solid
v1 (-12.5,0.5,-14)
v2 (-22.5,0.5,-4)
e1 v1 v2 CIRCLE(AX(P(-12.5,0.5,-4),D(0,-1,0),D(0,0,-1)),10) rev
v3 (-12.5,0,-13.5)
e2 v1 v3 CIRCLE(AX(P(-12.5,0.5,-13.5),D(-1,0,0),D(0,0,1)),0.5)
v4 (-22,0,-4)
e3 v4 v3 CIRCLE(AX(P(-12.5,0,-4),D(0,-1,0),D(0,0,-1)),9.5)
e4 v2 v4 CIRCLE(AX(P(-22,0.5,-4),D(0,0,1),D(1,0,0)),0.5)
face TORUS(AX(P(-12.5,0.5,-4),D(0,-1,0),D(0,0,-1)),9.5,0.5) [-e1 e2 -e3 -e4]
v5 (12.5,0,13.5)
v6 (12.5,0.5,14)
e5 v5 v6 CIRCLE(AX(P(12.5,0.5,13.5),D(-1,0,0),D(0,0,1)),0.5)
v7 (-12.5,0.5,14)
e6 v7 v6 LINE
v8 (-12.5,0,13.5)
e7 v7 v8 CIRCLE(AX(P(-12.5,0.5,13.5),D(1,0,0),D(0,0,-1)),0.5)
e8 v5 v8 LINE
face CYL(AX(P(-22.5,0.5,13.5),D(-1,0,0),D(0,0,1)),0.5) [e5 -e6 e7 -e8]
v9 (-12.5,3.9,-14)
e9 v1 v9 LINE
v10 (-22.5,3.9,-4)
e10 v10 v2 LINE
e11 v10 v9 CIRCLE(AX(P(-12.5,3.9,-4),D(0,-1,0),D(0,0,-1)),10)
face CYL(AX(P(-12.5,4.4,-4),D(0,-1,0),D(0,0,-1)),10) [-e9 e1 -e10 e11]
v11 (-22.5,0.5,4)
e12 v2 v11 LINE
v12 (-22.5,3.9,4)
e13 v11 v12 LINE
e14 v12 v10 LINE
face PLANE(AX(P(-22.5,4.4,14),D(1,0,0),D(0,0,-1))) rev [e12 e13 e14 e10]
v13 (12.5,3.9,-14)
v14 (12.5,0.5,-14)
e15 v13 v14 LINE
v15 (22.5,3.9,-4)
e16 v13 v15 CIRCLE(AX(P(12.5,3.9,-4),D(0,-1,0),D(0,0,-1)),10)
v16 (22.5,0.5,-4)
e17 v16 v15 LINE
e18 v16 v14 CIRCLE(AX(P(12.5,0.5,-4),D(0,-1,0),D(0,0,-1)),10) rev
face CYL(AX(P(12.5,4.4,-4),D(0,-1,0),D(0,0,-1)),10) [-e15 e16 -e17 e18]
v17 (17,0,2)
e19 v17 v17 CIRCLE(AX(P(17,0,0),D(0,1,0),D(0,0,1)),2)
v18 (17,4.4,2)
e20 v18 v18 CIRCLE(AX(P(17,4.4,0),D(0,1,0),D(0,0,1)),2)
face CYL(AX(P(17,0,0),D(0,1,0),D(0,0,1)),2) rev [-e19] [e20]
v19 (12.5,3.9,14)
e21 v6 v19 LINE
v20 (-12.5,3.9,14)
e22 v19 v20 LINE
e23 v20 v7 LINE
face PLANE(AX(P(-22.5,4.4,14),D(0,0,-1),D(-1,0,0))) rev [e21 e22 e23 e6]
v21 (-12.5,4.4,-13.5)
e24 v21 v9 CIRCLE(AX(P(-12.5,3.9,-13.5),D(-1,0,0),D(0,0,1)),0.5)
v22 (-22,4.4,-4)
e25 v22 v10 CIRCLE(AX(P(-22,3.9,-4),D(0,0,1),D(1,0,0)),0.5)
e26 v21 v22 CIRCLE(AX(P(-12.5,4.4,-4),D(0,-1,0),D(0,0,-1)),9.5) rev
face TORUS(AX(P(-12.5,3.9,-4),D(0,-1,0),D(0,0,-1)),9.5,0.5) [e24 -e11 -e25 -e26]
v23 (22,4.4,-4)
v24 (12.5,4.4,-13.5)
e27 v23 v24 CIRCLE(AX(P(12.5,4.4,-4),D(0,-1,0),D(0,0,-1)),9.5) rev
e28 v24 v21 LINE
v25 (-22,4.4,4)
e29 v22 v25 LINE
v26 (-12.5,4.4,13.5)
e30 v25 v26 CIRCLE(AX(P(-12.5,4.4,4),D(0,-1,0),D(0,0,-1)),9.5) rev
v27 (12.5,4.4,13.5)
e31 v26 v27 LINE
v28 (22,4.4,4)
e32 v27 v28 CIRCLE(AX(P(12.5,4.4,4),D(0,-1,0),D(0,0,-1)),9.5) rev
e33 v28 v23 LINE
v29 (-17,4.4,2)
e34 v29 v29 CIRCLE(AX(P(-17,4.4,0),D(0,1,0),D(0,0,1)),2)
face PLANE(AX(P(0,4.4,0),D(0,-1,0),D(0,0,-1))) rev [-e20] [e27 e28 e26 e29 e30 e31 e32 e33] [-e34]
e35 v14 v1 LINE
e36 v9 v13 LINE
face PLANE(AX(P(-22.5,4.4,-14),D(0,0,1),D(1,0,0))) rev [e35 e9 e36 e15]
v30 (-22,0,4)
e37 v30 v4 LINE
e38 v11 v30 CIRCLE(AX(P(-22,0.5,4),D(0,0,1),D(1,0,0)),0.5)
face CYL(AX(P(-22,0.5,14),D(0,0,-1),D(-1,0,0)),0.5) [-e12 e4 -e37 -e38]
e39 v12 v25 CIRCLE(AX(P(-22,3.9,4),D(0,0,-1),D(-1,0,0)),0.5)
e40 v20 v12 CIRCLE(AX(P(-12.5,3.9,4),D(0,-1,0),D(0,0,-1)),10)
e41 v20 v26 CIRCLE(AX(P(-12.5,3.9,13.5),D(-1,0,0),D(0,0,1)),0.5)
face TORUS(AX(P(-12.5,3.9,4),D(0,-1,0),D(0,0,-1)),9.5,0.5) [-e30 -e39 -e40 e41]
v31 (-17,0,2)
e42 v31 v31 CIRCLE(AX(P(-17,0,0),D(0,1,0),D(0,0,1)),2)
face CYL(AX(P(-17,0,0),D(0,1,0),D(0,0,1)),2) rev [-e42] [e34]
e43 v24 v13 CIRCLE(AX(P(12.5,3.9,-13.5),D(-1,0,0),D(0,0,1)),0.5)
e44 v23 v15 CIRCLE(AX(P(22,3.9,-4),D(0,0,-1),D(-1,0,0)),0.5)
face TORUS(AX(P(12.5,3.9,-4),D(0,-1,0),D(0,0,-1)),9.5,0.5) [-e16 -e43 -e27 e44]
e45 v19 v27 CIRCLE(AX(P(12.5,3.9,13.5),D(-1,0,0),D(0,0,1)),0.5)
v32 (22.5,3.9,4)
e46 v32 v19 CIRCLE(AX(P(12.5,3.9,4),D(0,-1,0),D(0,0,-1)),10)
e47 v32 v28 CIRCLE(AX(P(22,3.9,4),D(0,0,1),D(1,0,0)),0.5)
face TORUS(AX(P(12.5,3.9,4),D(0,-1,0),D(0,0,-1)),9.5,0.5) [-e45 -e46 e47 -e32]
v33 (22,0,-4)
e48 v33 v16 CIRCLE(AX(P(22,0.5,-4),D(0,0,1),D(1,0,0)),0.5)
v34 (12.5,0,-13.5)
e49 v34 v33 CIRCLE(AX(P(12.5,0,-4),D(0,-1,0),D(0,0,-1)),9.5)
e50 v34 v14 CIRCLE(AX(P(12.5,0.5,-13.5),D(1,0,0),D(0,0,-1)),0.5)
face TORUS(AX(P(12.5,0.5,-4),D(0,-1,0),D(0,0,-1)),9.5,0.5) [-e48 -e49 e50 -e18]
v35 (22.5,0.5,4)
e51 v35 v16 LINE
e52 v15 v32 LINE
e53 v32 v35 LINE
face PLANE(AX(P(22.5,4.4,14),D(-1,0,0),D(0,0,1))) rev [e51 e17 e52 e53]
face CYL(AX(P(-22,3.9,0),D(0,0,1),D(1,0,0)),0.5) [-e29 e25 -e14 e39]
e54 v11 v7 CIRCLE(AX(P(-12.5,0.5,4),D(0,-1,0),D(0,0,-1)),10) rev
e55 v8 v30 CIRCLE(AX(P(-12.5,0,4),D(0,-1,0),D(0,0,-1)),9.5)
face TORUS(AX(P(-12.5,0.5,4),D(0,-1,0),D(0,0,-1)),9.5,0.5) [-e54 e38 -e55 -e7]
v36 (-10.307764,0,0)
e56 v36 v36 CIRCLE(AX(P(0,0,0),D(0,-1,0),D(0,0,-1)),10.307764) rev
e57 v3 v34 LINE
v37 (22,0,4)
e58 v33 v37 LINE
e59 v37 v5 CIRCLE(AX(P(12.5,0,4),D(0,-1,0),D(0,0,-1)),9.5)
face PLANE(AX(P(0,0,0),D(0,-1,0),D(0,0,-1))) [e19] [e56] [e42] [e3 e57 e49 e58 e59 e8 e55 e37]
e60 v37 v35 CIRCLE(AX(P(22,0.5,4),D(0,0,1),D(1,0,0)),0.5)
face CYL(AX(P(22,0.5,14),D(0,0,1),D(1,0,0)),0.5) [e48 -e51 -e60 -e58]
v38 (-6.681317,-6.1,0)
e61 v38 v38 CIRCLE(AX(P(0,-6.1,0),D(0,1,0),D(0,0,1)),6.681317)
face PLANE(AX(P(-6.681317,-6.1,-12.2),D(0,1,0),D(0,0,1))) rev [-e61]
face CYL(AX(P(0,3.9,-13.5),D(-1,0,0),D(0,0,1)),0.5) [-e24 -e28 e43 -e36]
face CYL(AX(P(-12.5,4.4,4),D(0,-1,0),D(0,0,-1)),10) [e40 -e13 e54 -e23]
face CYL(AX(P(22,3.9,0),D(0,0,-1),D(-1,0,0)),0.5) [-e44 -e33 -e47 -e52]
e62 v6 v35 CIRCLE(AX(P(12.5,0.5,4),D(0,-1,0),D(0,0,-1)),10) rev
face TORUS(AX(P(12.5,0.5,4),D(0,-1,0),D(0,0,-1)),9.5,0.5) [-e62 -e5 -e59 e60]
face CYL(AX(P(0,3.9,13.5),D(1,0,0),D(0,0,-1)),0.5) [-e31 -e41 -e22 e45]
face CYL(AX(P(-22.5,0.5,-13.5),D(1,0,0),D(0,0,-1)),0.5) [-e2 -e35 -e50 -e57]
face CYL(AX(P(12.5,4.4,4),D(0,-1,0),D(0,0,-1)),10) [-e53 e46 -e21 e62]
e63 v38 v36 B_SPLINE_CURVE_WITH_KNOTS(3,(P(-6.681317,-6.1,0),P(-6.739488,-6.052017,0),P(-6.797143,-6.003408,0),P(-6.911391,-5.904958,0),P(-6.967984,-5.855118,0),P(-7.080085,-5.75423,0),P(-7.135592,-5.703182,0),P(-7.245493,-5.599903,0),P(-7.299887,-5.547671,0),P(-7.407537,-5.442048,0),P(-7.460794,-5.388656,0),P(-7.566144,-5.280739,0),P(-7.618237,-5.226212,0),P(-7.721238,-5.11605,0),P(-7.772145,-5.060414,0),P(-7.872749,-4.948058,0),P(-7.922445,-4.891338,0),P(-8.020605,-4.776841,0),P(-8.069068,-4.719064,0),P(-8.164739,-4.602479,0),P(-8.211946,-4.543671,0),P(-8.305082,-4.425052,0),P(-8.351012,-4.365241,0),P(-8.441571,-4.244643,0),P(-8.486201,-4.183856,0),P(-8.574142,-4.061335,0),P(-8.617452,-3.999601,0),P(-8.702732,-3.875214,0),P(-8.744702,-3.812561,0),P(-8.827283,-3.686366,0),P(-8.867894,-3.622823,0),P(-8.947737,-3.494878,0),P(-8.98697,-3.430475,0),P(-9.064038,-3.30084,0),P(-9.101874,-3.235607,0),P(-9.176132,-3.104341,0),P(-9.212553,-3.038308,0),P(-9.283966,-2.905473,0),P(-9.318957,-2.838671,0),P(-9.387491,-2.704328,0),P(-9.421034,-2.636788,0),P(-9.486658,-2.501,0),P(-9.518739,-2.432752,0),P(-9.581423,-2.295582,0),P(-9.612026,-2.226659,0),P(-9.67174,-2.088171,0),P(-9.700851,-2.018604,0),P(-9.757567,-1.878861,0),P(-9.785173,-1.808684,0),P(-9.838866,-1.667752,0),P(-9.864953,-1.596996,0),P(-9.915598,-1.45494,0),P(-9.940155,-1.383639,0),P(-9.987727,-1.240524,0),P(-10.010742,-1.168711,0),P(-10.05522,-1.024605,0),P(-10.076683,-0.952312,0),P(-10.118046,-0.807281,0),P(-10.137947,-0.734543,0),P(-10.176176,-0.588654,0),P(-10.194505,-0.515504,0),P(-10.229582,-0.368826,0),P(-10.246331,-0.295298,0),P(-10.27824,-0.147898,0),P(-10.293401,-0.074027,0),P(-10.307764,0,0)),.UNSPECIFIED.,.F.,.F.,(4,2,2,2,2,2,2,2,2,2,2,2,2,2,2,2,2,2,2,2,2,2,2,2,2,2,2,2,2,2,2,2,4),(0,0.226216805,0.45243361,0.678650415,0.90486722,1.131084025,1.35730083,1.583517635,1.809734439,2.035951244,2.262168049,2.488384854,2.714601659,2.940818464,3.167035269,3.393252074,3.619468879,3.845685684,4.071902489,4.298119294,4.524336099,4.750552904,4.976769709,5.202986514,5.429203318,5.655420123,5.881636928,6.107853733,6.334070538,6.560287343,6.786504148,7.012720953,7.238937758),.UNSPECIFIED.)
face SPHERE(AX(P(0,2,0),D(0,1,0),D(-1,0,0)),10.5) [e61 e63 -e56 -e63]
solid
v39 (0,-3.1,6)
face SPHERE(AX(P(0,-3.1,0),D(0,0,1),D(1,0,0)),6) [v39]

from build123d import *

# Parameters (mm, degrees)
SKETCH1_W           = 45
SKETCH1_H           = 28
BOSS_EXTRUDE1_DEPTH = 4.4
SKETCH2_R           = 2
CUT_EXTRUDE1_DEPTH  = 4.4
FILLET1_R           = 10
SKETCH5_W           = 13.36263447
SKETCH5_H           = 4.8
CUT_EXTRUDE2_DEPTH  = 12.2
FILLET2_R           = 0.5


with BuildPart() as part:
    # Sketch1 → Boss-Extrude1 (new body)
    with BuildSketch(Plane(origin=(0, 0, 0), x_dir=(1, 0, 0), z_dir=(0, 1, 0))):
        Rectangle(SKETCH1_W, SKETCH1_H)
    extrude(amount=BOSS_EXTRUDE1_DEPTH)

    # Sketch2 → Cut-Extrude1 (cut)
    with BuildSketch(Plane(origin=(0, 4.4, 0), x_dir=(1, 0, 0), z_dir=(0, 1, 0))):
        with Locations(Location((-17, 0, 0), (0, 0, 270))):
            Circle(SKETCH2_R)
        with Locations(Location((17, 0, 0), (0, 0, 270))):
            Circle(SKETCH2_R)
    extrude(amount=-CUT_EXTRUDE1_DEPTH, mode=Mode.SUBTRACT)

    # Fillet1
    fillet1_edges = [part.edges().sort_by_distance(p)[0] for p in [
        (22.5, 2.2, 14),
        (-22.5, 2.2, 14),
        (-22.5, 2.2, -14),
        (22.5, 2.2, -14),
    ]]
    fillet(fillet1_edges, radius=FILLET1_R)

    # Sketch4 → Revolve1 (revolve)
    with BuildSketch(Plane.XY, mode=Mode.PRIVATE) as revolve1_sk:
        with BuildLine():
            Line((0, 2), (0, -8.5))
            ThreePointArc((0, -8.5), (7.424621202, -5.424621202), (10.5, 2))
            Line((10.5, 2), (0, 2))
        make_face()
    revolve(revolve1_sk.sketch.rotate(Axis((0, 2, 0), (0, -1, 0)), 180), axis=Axis((0, 2, 0), (0, -1, 0)))

    # Sketch5 → Cut-Extrude2 (cut, symmetric)
    with BuildSketch(Plane.XY):
        with Locations((0, -8.5)):
            Rectangle(SKETCH5_W, SKETCH5_H)
    extrude(amount=CUT_EXTRUDE2_DEPTH, both=True, mode=Mode.SUBTRACT)

    # Fillet2
    fillet2_edges = [part.edges().sort_by_distance(p)[0] for p in [
        (22.5, 0, 0),
        (22.5, 4.4, 0),
        (0, 0, 14),
        (-22.5, 0, 0),
        (0, 0, -14),
        (-19.571067812, 0, 11.071067812),
        (-19.571067812, 0, -11.071067812),
        (19.571067812, 0, -11.071067812),
        (19.571067812, 0, 11.071067812),
        (0, 4.4, 14),
        (0, 4.4, -14),
        (-22.5, 4.4, 0),
        (-19.571067812, 4.4, 11.071067812),
        (-19.571067812, 4.4, -11.071067812),
        (19.571067812, 4.4, -11.071067812),
        (19.571067812, 4.4, 11.071067812),
    ]]
    fillet(fillet2_edges, radius=FILLET2_R)


with BuildPart() as body_2:
    # Sketch6 → Revolve2 (revolve)
    with BuildSketch(Plane(origin=(0, -3.1, 0), x_dir=(-1, 0, 0), z_dir=(0, -1, 0))):
        with BuildLine():
            Line((0, -6), (0, 6))
            ThreePointArc((0, 6), (6, 0), (0, -6))
        make_face()
    revolve(axis=Axis((0, -3.1, 6), (0, 0, -1)))


solid = Compound([part.part, body_2.part])
